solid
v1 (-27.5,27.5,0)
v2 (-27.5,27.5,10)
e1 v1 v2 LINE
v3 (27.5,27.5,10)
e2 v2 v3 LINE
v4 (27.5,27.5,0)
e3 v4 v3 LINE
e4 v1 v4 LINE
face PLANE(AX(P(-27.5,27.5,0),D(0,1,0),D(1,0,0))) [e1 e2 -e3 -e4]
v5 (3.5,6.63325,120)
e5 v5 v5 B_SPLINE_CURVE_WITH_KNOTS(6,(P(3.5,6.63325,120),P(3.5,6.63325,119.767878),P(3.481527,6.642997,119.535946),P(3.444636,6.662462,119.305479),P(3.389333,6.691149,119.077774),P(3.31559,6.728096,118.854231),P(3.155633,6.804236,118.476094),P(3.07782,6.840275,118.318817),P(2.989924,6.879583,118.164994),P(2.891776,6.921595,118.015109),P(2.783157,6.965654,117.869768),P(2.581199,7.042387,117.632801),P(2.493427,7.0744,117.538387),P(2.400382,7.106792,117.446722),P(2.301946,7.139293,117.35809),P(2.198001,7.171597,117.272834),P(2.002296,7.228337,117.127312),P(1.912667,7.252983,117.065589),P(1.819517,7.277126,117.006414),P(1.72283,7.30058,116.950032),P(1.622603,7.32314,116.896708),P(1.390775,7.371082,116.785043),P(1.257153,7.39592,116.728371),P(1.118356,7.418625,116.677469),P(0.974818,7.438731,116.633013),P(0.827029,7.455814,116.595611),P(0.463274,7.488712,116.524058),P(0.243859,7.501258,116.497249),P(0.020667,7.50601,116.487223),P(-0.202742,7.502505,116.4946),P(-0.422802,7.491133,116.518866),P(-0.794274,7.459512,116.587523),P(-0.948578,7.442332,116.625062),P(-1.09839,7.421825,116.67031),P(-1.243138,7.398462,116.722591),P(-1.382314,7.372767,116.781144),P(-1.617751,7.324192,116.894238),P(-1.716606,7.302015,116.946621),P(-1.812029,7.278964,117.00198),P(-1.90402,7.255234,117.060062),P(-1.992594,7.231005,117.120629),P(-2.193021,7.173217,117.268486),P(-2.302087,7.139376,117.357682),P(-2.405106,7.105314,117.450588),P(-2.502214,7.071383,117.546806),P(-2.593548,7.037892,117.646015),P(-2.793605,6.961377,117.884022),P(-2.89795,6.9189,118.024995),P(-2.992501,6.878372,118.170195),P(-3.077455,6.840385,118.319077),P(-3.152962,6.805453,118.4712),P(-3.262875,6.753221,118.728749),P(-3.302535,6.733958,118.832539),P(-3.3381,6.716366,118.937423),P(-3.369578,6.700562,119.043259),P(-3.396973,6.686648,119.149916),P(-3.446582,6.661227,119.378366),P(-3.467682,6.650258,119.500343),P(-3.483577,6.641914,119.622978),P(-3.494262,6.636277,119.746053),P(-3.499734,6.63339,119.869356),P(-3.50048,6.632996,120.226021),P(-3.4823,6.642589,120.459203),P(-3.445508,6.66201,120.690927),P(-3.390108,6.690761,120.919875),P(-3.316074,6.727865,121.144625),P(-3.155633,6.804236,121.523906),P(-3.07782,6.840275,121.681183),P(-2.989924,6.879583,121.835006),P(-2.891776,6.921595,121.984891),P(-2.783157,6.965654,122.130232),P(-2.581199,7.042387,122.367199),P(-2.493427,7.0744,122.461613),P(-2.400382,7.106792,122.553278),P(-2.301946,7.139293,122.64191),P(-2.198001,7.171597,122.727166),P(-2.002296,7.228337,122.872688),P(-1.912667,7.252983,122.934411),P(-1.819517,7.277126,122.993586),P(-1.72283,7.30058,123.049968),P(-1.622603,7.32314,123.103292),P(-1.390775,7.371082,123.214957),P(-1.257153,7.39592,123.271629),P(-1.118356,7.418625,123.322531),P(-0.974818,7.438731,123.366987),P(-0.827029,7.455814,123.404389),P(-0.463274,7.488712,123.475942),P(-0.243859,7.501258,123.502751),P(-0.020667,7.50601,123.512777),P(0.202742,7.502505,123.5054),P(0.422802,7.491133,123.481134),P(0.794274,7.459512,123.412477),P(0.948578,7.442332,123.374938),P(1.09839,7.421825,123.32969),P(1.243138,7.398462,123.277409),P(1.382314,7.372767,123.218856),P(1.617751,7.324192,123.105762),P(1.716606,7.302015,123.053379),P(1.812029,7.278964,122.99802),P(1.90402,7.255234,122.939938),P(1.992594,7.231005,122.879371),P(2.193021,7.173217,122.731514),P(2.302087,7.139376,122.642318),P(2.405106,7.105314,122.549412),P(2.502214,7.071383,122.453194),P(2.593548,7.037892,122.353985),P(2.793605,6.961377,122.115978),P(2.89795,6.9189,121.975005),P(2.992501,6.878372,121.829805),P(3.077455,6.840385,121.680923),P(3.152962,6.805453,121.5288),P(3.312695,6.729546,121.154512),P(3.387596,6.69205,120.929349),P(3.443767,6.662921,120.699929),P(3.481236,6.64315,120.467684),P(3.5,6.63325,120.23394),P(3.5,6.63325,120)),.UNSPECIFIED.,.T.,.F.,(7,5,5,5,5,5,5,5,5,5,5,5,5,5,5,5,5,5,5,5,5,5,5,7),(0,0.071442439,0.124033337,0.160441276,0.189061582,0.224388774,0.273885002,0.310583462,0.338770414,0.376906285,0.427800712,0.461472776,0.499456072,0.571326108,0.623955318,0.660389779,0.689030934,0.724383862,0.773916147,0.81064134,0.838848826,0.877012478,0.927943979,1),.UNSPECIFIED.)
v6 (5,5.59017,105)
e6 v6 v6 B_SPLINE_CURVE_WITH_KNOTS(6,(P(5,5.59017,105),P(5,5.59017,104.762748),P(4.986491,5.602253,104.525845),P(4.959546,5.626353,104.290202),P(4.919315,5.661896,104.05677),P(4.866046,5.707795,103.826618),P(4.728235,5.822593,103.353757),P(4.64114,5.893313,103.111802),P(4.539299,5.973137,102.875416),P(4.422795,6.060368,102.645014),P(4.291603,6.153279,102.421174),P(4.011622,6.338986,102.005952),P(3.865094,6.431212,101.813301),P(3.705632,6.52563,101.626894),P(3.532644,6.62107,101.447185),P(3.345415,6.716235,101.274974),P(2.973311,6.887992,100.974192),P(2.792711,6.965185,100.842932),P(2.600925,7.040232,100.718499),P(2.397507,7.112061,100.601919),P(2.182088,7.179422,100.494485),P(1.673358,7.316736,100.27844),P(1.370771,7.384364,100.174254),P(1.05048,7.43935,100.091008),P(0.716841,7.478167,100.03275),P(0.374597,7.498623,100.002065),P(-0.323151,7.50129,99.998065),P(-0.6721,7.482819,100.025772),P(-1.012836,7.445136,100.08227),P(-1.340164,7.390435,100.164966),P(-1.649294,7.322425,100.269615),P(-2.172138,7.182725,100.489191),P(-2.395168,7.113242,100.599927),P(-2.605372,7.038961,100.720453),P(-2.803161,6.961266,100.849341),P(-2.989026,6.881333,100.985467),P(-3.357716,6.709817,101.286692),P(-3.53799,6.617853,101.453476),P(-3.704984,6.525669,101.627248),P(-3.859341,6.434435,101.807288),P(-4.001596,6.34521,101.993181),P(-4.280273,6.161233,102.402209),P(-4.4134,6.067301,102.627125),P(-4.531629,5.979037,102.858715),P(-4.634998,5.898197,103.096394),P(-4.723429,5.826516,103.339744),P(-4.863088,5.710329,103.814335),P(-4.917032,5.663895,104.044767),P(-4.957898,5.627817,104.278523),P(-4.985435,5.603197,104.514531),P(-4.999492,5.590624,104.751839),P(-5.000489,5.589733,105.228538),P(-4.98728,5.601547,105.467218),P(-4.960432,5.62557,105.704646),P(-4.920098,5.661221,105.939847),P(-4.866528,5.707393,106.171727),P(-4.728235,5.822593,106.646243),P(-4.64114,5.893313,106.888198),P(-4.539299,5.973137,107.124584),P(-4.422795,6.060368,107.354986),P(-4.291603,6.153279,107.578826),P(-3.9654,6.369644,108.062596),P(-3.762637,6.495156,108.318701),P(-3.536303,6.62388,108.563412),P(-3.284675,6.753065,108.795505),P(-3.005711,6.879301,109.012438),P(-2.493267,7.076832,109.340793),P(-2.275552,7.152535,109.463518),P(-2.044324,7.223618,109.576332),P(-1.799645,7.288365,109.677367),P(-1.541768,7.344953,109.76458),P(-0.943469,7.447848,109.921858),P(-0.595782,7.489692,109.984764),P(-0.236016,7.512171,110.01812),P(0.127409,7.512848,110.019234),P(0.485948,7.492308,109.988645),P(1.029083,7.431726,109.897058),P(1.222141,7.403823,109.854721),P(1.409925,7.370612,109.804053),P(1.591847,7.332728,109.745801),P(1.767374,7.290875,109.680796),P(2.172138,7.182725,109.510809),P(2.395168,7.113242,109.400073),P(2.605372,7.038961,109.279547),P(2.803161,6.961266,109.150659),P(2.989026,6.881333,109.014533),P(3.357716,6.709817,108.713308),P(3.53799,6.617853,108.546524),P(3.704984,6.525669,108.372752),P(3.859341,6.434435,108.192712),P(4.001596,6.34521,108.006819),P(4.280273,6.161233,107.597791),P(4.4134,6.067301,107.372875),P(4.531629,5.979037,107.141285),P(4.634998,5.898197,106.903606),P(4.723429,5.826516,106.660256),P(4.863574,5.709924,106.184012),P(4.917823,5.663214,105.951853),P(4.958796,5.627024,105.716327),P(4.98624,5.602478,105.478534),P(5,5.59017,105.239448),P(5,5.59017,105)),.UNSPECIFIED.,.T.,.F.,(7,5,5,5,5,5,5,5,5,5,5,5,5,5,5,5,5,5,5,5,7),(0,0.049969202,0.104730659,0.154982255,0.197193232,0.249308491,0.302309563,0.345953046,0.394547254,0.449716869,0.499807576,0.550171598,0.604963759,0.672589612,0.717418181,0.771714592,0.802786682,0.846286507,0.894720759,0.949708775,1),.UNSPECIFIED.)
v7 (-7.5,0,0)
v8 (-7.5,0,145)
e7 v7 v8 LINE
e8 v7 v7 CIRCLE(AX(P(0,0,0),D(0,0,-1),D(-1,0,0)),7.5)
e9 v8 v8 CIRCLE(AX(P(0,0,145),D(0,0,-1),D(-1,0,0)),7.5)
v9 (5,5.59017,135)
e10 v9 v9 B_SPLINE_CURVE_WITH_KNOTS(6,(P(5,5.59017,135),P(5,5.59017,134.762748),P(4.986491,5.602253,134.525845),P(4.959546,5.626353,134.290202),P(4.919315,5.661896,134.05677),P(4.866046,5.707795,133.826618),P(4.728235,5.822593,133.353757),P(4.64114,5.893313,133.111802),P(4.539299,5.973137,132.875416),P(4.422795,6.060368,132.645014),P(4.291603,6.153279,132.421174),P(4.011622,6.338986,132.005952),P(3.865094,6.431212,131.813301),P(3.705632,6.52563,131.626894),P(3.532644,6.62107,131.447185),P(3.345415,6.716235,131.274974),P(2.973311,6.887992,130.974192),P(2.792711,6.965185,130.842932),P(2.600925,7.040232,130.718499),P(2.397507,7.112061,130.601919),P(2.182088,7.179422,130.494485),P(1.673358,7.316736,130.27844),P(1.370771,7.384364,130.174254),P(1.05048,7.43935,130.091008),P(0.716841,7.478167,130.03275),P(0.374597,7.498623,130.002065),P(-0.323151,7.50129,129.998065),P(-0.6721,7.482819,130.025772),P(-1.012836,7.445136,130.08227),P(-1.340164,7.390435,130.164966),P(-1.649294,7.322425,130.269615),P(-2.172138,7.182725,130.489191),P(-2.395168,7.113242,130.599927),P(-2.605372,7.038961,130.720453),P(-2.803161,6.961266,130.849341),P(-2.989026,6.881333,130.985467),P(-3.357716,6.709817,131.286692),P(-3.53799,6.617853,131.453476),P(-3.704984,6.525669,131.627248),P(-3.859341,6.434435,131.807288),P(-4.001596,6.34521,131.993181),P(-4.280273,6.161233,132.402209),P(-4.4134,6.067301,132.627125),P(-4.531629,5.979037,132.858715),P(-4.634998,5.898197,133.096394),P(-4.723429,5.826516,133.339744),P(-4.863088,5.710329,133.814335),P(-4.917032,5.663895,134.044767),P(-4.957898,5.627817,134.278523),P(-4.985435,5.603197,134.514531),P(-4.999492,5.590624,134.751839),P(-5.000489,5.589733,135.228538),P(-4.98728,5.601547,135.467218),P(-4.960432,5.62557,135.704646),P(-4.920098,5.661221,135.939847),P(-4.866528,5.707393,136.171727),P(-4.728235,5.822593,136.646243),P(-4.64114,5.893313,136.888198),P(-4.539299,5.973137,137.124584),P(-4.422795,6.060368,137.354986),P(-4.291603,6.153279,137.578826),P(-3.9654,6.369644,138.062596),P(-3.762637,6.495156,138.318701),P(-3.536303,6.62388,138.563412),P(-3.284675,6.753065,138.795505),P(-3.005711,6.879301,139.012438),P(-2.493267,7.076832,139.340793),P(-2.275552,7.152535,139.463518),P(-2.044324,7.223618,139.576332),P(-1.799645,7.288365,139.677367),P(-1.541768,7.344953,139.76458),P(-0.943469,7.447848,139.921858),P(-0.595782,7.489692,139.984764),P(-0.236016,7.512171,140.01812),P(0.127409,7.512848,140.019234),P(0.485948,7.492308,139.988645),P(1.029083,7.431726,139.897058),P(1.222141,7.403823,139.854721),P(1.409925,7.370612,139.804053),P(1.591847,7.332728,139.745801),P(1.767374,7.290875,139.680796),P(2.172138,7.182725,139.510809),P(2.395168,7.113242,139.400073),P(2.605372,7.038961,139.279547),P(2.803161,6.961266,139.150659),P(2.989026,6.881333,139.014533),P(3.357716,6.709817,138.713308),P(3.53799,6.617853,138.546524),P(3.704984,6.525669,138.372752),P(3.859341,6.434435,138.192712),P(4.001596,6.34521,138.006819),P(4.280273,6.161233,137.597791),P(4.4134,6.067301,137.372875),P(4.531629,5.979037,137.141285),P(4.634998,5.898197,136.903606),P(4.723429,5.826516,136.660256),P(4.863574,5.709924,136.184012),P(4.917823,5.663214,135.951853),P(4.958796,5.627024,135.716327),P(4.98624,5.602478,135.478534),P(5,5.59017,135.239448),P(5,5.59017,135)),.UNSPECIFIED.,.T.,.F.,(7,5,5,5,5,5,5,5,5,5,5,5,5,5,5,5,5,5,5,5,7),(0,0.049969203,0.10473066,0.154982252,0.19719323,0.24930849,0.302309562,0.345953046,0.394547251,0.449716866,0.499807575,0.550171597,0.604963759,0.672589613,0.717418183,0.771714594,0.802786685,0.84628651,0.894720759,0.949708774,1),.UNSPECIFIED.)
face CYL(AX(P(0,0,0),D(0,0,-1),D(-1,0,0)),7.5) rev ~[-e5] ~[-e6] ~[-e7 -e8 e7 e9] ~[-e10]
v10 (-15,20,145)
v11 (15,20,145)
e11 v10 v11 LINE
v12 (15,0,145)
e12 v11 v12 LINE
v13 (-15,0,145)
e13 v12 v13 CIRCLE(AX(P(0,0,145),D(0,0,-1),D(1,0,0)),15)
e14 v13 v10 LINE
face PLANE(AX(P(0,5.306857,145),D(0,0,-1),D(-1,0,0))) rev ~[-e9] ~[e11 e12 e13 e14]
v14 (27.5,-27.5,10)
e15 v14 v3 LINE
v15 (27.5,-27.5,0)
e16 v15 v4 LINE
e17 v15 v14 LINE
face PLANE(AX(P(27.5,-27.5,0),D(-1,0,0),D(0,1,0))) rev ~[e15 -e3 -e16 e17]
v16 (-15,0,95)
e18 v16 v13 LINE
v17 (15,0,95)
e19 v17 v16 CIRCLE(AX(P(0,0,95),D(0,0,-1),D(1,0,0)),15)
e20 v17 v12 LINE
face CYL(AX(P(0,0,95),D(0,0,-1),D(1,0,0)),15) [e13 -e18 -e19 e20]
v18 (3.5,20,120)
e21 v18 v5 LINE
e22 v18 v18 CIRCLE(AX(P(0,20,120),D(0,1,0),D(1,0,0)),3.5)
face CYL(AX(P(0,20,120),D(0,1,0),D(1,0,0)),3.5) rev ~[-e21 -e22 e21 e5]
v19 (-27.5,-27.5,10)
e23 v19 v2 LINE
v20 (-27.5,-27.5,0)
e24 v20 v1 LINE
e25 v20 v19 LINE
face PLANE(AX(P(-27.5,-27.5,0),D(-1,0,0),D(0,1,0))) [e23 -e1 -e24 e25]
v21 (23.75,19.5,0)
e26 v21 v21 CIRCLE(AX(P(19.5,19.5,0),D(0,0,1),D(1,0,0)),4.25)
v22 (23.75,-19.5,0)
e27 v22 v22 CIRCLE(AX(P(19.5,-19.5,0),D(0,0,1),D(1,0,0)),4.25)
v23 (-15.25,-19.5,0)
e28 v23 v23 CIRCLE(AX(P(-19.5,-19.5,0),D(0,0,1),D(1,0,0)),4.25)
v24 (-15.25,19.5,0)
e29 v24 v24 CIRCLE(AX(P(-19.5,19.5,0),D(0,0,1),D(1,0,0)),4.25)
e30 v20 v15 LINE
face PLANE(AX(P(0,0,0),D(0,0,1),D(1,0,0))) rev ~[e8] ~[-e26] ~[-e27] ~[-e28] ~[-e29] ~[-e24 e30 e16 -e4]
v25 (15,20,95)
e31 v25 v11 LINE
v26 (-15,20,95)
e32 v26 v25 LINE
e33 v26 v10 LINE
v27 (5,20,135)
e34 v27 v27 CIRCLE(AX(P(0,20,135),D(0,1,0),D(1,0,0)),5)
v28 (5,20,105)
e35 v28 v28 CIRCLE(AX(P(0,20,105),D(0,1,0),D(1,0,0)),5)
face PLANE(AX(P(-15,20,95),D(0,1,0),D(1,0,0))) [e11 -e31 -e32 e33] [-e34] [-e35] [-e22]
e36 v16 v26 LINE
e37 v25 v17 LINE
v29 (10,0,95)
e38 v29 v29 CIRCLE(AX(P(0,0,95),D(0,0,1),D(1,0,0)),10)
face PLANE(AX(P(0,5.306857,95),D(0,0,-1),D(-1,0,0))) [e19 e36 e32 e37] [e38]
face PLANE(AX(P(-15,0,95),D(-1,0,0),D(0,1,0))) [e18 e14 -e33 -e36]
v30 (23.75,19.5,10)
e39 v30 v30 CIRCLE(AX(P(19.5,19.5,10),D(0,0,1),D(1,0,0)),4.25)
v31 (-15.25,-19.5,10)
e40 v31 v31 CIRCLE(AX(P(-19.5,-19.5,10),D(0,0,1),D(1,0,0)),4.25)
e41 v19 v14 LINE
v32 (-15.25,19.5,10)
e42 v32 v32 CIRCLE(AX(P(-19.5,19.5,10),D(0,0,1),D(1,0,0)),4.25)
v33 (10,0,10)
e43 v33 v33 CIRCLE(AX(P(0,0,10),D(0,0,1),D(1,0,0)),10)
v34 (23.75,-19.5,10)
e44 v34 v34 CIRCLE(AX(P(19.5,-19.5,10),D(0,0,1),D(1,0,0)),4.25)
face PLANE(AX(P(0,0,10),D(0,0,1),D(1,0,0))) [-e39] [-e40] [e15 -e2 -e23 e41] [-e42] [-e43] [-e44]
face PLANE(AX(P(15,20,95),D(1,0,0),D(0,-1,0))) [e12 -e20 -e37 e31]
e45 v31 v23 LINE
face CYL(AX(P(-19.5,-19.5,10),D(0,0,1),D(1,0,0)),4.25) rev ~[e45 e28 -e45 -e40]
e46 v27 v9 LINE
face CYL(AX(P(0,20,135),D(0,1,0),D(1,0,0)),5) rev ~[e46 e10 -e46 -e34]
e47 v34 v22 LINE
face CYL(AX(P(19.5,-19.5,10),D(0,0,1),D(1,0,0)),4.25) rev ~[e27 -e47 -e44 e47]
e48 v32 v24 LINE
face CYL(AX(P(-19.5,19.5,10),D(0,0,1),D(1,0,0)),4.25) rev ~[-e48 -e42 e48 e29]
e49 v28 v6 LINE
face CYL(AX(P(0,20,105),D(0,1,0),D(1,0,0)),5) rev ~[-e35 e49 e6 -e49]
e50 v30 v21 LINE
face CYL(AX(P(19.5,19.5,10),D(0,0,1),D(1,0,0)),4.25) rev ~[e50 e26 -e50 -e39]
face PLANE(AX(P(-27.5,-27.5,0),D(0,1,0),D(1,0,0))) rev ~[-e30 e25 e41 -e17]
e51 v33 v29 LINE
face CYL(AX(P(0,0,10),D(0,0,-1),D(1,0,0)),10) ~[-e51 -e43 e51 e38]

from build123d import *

# Parameters (mm, degrees)
SKETCH1_W               = 55
SKETCH1_H               = 55
BOSS_EXTRUDE1_DEPTH     = 10
SKETCH2_R               = 10
BOSS_EXTRUDE2_DEPTH     = 85
BOSS_EXTRUDE3_DEPTH     = 50
SKETCH4_R               = 7.5
CUT_EXTRUDE1_DEPTH      = 1
CUT_EXTRUDE1_DEPTH_BACK = 146
CUT_EXTRUDE2_REACH      = 49.5
SKETCH5_R               = 5
SKETCH5_R_2             = 3.5
SKETCH6_R               = 4.25
CUT_EXTRUDE3_DEPTH      = 50


with BuildPart() as part:
    # Sketch1 → Boss-Extrude1 (new body)
    with BuildSketch(Plane.XY):
        Rectangle(SKETCH1_W, SKETCH1_H)
    extrude(amount=BOSS_EXTRUDE1_DEPTH)

    # Sketch2 → Boss-Extrude2 (add)
    with BuildSketch(Plane.XY.offset(10)):
        Circle(SKETCH2_R)
    extrude(amount=BOSS_EXTRUDE2_DEPTH)

    # Sketch3 → Boss-Extrude3 (add)
    with BuildSketch(Plane.XY.offset(95)):
        with BuildLine():
            Line((-15, 0), (-15, 20))
            Line((-15, 20), (15, 20))
            Line((15, 20), (15, 0))
            ThreePointArc((15, 0), (0, -15), (-15, 0))
        make_face()
    extrude(amount=BOSS_EXTRUDE3_DEPTH)

    # Sketch4 → Cut-Extrude1 (cut, two sides)
    with BuildSketch(Plane(origin=(0, 0, 0), x_dir=(-1, 0, 0), z_dir=(0, 0, -1))) as cut_extrude1_sk:
        Circle(SKETCH4_R)
    extrude(amount=CUT_EXTRUDE1_DEPTH, mode=Mode.SUBTRACT)
    extrude(cut_extrude1_sk.sketch, amount=-CUT_EXTRUDE1_DEPTH_BACK, mode=Mode.SUBTRACT)

    # Sketch5 → Cut-Extrude2 (cut, up to next)
    with BuildSketch(Plane(origin=(0, 20, 0), x_dir=(1, 0, 0), z_dir=(0, 1, 0)), mode=Mode.PRIVATE) as cut_extrude2_sk1:
        with Locations((0, -135)):
            Circle(SKETCH5_R)
    cut_extrude2_tool1 = extrude(cut_extrude2_sk1.sketch, amount=-CUT_EXTRUDE2_REACH, mode=Mode.PRIVATE) & part.part
    add(cut_extrude2_tool1.solids().sort_by_distance((0, 20, 135))[0], mode=Mode.SUBTRACT)
    # Sketch5 → Cut-Extrude2 (cut, up to next)
    with BuildSketch(Plane(origin=(0, 20, 0), x_dir=(1, 0, 0), z_dir=(0, 1, 0)), mode=Mode.PRIVATE) as cut_extrude2_sk2:
        with Locations((0, -120)):
            Circle(SKETCH5_R_2)
    cut_extrude2_tool2 = extrude(cut_extrude2_sk2.sketch, amount=-CUT_EXTRUDE2_REACH, mode=Mode.PRIVATE) & part.part
    add(cut_extrude2_tool2.solids().sort_by_distance((0, 20, 120))[0], mode=Mode.SUBTRACT)
    # Sketch5 → Cut-Extrude2 (cut, up to next)
    with BuildSketch(Plane(origin=(0, 20, 0), x_dir=(1, 0, 0), z_dir=(0, 1, 0)), mode=Mode.PRIVATE) as cut_extrude2_sk3:
        with Locations((0, -105)):
            Circle(SKETCH5_R)
    cut_extrude2_tool3 = extrude(cut_extrude2_sk3.sketch, amount=-CUT_EXTRUDE2_REACH, mode=Mode.PRIVATE) & part.part
    add(cut_extrude2_tool3.solids().sort_by_distance((0, 20, 105))[0], mode=Mode.SUBTRACT)

    # Sketch6 → Cut-Extrude3 (cut)
    with BuildSketch(Plane.XY.offset(10)):
        with Locations((-19.5, 19.5)):
            Circle(SKETCH6_R)
        with Locations((19.5, 19.5)):
            Circle(SKETCH6_R)
        with Locations((19.5, -19.5)):
            Circle(SKETCH6_R)
        with Locations((-19.5, -19.5)):
            Circle(SKETCH6_R)
    extrude(amount=-CUT_EXTRUDE3_DEPTH, mode=Mode.SUBTRACT)


solid = part.part
